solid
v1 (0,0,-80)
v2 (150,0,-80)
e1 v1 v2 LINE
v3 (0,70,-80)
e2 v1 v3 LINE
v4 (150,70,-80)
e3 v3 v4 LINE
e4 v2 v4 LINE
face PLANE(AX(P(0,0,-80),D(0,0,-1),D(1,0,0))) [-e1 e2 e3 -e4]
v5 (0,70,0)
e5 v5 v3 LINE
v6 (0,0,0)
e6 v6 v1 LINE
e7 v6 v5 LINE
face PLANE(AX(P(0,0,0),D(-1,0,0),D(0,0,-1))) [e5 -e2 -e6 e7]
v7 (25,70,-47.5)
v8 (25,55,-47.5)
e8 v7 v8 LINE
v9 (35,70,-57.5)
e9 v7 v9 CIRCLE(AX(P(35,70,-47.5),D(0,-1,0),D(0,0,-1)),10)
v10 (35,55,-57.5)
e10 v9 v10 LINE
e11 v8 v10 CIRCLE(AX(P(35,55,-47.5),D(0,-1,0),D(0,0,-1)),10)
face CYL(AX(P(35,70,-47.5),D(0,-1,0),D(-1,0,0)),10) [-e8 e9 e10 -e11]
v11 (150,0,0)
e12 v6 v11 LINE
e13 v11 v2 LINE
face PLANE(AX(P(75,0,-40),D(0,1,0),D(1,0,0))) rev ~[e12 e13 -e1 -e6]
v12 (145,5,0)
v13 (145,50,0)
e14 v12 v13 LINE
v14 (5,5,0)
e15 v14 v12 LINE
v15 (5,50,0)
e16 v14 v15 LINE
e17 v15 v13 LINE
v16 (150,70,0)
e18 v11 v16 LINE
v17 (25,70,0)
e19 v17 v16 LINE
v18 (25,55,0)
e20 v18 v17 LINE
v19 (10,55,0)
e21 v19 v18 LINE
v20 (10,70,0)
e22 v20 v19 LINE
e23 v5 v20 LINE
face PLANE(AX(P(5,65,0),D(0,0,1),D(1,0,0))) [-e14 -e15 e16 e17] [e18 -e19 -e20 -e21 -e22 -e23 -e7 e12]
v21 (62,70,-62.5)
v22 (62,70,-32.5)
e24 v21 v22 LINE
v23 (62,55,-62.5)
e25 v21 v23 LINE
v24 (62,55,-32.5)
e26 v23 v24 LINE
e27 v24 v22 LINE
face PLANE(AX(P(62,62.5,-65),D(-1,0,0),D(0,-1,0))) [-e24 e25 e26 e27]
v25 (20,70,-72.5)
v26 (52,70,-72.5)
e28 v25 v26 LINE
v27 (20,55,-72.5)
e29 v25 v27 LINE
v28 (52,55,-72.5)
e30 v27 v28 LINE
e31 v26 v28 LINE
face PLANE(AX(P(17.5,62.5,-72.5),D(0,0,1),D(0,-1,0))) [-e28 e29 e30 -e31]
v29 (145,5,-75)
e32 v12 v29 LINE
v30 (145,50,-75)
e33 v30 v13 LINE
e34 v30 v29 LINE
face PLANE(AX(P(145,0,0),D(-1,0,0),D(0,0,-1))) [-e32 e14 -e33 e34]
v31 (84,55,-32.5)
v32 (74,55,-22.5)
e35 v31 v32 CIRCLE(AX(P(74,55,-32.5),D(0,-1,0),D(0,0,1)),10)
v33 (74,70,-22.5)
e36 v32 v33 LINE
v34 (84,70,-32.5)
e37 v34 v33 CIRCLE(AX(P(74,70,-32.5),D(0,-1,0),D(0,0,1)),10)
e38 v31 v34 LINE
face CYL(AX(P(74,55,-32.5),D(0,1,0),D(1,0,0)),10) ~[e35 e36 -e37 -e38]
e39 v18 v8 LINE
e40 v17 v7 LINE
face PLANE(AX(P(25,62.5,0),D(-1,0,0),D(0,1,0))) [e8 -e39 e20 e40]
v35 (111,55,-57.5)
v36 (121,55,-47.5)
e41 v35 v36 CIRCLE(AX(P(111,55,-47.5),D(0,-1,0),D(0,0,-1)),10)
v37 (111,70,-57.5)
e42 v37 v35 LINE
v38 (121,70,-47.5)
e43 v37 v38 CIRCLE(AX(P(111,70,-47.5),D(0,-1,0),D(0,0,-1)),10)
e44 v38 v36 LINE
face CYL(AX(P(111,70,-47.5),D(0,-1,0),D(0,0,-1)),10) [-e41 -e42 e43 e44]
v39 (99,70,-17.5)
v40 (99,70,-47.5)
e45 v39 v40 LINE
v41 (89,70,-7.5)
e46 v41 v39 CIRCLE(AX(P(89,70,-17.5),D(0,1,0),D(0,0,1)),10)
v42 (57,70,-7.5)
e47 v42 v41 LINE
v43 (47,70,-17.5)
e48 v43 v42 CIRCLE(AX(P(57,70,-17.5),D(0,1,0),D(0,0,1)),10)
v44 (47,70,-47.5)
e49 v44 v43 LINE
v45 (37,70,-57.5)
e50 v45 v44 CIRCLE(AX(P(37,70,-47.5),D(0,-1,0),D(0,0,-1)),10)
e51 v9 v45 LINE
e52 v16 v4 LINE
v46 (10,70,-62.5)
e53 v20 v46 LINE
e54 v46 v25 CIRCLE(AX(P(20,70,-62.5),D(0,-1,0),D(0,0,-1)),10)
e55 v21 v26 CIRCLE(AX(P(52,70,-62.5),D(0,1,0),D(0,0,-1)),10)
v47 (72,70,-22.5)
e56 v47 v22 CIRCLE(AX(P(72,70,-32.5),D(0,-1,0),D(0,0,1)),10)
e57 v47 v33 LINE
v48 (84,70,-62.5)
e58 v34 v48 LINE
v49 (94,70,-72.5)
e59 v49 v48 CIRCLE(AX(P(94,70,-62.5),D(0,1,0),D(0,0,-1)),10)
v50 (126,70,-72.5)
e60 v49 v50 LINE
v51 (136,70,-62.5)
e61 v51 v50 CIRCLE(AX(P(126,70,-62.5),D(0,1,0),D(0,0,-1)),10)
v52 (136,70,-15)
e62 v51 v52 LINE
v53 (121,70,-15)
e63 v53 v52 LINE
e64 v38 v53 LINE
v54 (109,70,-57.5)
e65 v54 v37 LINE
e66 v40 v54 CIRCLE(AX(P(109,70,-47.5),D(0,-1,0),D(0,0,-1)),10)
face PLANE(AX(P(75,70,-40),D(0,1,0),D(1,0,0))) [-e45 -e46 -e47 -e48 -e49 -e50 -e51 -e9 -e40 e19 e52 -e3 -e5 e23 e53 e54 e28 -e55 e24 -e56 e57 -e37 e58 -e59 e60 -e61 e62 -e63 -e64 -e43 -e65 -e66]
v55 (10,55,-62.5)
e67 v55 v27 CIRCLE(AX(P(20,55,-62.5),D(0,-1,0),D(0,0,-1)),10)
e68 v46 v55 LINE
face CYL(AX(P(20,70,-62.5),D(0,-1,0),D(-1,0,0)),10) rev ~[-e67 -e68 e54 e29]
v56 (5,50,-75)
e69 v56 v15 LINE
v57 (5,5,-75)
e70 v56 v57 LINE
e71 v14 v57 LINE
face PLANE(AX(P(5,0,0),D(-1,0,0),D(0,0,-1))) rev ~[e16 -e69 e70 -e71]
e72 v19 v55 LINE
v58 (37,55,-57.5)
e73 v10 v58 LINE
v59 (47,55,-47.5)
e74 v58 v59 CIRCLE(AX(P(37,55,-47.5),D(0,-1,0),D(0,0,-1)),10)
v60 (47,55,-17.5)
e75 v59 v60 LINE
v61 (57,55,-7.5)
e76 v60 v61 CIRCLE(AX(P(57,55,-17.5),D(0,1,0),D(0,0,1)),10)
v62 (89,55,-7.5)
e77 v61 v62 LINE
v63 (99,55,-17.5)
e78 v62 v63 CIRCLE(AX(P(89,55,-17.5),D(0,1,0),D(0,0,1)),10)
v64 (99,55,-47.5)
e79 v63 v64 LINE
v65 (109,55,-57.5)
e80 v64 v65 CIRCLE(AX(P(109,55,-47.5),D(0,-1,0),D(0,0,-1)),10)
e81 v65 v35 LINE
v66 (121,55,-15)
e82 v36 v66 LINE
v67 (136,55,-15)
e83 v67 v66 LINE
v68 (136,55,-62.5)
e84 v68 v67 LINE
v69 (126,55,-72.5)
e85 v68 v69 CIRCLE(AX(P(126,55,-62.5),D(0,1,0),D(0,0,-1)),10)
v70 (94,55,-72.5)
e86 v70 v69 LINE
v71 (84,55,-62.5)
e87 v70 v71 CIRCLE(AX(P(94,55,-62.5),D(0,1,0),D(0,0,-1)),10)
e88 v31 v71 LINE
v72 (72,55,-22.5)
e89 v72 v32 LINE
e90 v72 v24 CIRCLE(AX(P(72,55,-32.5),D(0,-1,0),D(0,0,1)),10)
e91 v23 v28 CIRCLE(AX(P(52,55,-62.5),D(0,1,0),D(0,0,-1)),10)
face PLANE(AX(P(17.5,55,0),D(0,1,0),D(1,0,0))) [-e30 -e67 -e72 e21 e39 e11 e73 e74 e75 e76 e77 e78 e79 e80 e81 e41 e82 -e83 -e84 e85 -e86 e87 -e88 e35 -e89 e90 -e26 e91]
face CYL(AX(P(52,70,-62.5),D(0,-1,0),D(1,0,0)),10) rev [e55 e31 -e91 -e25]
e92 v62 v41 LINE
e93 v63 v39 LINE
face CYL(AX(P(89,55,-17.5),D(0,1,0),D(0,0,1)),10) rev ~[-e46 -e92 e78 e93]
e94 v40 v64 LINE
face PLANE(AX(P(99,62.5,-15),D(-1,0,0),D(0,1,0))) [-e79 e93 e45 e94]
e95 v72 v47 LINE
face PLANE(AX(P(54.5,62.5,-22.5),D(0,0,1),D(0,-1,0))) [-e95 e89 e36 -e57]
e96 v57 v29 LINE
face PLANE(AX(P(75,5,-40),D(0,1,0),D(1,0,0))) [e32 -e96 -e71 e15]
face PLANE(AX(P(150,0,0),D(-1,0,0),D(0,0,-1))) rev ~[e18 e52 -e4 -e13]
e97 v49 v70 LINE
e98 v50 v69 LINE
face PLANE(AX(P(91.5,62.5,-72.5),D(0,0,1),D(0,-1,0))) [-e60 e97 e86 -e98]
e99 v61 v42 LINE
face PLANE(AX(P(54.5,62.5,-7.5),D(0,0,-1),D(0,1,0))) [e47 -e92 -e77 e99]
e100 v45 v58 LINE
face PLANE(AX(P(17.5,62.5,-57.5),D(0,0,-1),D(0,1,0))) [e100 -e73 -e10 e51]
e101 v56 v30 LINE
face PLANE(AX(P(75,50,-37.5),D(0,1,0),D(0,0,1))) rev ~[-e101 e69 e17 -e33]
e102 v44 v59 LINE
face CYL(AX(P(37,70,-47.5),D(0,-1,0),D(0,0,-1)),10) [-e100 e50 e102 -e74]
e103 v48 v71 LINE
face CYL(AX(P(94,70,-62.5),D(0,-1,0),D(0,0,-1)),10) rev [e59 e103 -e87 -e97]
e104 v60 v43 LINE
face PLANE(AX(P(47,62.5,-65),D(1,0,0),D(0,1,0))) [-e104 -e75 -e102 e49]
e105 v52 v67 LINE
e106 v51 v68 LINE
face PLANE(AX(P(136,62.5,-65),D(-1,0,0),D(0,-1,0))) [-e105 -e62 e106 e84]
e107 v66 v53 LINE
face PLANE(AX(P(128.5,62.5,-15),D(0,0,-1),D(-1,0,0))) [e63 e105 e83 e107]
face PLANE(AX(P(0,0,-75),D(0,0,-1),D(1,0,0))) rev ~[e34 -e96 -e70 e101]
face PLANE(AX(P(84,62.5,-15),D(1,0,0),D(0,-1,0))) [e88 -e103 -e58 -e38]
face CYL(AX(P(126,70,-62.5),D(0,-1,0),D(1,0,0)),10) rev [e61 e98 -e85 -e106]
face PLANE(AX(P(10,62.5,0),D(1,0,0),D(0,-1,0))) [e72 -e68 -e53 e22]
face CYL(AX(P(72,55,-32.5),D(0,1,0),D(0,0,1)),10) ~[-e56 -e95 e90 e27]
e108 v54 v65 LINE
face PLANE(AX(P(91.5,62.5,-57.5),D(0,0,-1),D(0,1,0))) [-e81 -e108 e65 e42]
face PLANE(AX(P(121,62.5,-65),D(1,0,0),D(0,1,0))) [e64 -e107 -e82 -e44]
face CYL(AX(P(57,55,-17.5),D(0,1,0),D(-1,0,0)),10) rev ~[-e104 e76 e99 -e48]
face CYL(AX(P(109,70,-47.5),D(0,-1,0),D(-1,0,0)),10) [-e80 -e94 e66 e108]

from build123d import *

# Parameters (mm, degrees)
SKETCH1_W                 = 150
SKETCH1_H                 = 80
BOSS_EXTRUDE1_DEPTH       = 70
SHELL1_T                  = -5
SHELL1_THICKNESS_2_FACE_W = 75
SHELL1_THICKNESS_2_FACE_H = 140
SHELL1_THICKNESS_2_DEPTH  = 15
SKETCH2_W                 = 15
SKETCH2_H                 = 15
FILLET1_R                 = 10


with BuildPart() as part:
    # Sketch1 → Boss-Extrude1 (new body)
    with BuildSketch(Plane(origin=(0, 0, 0), x_dir=(1, 0, 0), z_dir=(0, 1, 0))):
        with Locations((75, 40)):
            Rectangle(SKETCH1_W, SKETCH1_H)
    extrude(amount=BOSS_EXTRUDE1_DEPTH)

    # Shell1
    shell1_openings = [part.faces().sort_by_distance(p)[0] for p in [
        (75, 35, 0),
    ]]
    offset(amount=SHELL1_T, openings=shell1_openings, kind=Kind.INTERSECTION)

    # Shell1 thickness 2 face (on inner face of the shell) → Shell1 thickness 2 (add)
    with BuildSketch(Plane(origin=(75, 65, -37.5), x_dir=(0, 0, 1), z_dir=(0, 1, 0))):
        Rectangle(SHELL1_THICKNESS_2_FACE_W, SHELL1_THICKNESS_2_FACE_H)
    extrude(amount=-SHELL1_THICKNESS_2_DEPTH)

    # Cut-Sweep1: sweep along a path in Sketch3
    with BuildLine(Plane(origin=(0, 70, 0), x_dir=(1, 0, 0), z_dir=(0, 1, 0))) as cut_sweep1_path:
        Line((17.5, 0), (17.5, 65))
        Line((17.5, 65), (54.5, 65))
        Line((54.5, 65), (54.5, 15))
        Line((54.5, 15), (91.5, 15))
        Line((91.5, 15), (91.5, 65))
        Line((91.5, 65), (128.5, 65))
        Line((128.5, 65), (128.5, 15))
    # Sketch2 → Cut-Sweep1 (sweep, cut)
    with BuildSketch(Plane.XY):
        with Locations((17.5, 62.5)):
            Rectangle(SKETCH2_W, SKETCH2_H)
    sweep(path=cut_sweep1_path.line, transition=Transition.RIGHT, mode=Mode.SUBTRACT)

    # Fillet1
    fillet1_edges = [part.edges().sort_by_distance(p)[0] for p in [
        (121, 62.5, -57.5),
        (136, 62.5, -72.5),
        (84, 62.5, -72.5),
        (99, 62.5, -57.5),
        (84, 62.5, -22.5),
        (99, 62.5, -7.5),
        (62, 62.5, -22.5),
        (47, 62.5, -7.5),
        (62, 62.5, -72.5),
        (47, 62.5, -57.5),
        (10, 62.5, -72.5),
        (25, 62.5, -57.5),
    ]]
    fillet(fillet1_edges, radius=FILLET1_R)


solid = part.part
